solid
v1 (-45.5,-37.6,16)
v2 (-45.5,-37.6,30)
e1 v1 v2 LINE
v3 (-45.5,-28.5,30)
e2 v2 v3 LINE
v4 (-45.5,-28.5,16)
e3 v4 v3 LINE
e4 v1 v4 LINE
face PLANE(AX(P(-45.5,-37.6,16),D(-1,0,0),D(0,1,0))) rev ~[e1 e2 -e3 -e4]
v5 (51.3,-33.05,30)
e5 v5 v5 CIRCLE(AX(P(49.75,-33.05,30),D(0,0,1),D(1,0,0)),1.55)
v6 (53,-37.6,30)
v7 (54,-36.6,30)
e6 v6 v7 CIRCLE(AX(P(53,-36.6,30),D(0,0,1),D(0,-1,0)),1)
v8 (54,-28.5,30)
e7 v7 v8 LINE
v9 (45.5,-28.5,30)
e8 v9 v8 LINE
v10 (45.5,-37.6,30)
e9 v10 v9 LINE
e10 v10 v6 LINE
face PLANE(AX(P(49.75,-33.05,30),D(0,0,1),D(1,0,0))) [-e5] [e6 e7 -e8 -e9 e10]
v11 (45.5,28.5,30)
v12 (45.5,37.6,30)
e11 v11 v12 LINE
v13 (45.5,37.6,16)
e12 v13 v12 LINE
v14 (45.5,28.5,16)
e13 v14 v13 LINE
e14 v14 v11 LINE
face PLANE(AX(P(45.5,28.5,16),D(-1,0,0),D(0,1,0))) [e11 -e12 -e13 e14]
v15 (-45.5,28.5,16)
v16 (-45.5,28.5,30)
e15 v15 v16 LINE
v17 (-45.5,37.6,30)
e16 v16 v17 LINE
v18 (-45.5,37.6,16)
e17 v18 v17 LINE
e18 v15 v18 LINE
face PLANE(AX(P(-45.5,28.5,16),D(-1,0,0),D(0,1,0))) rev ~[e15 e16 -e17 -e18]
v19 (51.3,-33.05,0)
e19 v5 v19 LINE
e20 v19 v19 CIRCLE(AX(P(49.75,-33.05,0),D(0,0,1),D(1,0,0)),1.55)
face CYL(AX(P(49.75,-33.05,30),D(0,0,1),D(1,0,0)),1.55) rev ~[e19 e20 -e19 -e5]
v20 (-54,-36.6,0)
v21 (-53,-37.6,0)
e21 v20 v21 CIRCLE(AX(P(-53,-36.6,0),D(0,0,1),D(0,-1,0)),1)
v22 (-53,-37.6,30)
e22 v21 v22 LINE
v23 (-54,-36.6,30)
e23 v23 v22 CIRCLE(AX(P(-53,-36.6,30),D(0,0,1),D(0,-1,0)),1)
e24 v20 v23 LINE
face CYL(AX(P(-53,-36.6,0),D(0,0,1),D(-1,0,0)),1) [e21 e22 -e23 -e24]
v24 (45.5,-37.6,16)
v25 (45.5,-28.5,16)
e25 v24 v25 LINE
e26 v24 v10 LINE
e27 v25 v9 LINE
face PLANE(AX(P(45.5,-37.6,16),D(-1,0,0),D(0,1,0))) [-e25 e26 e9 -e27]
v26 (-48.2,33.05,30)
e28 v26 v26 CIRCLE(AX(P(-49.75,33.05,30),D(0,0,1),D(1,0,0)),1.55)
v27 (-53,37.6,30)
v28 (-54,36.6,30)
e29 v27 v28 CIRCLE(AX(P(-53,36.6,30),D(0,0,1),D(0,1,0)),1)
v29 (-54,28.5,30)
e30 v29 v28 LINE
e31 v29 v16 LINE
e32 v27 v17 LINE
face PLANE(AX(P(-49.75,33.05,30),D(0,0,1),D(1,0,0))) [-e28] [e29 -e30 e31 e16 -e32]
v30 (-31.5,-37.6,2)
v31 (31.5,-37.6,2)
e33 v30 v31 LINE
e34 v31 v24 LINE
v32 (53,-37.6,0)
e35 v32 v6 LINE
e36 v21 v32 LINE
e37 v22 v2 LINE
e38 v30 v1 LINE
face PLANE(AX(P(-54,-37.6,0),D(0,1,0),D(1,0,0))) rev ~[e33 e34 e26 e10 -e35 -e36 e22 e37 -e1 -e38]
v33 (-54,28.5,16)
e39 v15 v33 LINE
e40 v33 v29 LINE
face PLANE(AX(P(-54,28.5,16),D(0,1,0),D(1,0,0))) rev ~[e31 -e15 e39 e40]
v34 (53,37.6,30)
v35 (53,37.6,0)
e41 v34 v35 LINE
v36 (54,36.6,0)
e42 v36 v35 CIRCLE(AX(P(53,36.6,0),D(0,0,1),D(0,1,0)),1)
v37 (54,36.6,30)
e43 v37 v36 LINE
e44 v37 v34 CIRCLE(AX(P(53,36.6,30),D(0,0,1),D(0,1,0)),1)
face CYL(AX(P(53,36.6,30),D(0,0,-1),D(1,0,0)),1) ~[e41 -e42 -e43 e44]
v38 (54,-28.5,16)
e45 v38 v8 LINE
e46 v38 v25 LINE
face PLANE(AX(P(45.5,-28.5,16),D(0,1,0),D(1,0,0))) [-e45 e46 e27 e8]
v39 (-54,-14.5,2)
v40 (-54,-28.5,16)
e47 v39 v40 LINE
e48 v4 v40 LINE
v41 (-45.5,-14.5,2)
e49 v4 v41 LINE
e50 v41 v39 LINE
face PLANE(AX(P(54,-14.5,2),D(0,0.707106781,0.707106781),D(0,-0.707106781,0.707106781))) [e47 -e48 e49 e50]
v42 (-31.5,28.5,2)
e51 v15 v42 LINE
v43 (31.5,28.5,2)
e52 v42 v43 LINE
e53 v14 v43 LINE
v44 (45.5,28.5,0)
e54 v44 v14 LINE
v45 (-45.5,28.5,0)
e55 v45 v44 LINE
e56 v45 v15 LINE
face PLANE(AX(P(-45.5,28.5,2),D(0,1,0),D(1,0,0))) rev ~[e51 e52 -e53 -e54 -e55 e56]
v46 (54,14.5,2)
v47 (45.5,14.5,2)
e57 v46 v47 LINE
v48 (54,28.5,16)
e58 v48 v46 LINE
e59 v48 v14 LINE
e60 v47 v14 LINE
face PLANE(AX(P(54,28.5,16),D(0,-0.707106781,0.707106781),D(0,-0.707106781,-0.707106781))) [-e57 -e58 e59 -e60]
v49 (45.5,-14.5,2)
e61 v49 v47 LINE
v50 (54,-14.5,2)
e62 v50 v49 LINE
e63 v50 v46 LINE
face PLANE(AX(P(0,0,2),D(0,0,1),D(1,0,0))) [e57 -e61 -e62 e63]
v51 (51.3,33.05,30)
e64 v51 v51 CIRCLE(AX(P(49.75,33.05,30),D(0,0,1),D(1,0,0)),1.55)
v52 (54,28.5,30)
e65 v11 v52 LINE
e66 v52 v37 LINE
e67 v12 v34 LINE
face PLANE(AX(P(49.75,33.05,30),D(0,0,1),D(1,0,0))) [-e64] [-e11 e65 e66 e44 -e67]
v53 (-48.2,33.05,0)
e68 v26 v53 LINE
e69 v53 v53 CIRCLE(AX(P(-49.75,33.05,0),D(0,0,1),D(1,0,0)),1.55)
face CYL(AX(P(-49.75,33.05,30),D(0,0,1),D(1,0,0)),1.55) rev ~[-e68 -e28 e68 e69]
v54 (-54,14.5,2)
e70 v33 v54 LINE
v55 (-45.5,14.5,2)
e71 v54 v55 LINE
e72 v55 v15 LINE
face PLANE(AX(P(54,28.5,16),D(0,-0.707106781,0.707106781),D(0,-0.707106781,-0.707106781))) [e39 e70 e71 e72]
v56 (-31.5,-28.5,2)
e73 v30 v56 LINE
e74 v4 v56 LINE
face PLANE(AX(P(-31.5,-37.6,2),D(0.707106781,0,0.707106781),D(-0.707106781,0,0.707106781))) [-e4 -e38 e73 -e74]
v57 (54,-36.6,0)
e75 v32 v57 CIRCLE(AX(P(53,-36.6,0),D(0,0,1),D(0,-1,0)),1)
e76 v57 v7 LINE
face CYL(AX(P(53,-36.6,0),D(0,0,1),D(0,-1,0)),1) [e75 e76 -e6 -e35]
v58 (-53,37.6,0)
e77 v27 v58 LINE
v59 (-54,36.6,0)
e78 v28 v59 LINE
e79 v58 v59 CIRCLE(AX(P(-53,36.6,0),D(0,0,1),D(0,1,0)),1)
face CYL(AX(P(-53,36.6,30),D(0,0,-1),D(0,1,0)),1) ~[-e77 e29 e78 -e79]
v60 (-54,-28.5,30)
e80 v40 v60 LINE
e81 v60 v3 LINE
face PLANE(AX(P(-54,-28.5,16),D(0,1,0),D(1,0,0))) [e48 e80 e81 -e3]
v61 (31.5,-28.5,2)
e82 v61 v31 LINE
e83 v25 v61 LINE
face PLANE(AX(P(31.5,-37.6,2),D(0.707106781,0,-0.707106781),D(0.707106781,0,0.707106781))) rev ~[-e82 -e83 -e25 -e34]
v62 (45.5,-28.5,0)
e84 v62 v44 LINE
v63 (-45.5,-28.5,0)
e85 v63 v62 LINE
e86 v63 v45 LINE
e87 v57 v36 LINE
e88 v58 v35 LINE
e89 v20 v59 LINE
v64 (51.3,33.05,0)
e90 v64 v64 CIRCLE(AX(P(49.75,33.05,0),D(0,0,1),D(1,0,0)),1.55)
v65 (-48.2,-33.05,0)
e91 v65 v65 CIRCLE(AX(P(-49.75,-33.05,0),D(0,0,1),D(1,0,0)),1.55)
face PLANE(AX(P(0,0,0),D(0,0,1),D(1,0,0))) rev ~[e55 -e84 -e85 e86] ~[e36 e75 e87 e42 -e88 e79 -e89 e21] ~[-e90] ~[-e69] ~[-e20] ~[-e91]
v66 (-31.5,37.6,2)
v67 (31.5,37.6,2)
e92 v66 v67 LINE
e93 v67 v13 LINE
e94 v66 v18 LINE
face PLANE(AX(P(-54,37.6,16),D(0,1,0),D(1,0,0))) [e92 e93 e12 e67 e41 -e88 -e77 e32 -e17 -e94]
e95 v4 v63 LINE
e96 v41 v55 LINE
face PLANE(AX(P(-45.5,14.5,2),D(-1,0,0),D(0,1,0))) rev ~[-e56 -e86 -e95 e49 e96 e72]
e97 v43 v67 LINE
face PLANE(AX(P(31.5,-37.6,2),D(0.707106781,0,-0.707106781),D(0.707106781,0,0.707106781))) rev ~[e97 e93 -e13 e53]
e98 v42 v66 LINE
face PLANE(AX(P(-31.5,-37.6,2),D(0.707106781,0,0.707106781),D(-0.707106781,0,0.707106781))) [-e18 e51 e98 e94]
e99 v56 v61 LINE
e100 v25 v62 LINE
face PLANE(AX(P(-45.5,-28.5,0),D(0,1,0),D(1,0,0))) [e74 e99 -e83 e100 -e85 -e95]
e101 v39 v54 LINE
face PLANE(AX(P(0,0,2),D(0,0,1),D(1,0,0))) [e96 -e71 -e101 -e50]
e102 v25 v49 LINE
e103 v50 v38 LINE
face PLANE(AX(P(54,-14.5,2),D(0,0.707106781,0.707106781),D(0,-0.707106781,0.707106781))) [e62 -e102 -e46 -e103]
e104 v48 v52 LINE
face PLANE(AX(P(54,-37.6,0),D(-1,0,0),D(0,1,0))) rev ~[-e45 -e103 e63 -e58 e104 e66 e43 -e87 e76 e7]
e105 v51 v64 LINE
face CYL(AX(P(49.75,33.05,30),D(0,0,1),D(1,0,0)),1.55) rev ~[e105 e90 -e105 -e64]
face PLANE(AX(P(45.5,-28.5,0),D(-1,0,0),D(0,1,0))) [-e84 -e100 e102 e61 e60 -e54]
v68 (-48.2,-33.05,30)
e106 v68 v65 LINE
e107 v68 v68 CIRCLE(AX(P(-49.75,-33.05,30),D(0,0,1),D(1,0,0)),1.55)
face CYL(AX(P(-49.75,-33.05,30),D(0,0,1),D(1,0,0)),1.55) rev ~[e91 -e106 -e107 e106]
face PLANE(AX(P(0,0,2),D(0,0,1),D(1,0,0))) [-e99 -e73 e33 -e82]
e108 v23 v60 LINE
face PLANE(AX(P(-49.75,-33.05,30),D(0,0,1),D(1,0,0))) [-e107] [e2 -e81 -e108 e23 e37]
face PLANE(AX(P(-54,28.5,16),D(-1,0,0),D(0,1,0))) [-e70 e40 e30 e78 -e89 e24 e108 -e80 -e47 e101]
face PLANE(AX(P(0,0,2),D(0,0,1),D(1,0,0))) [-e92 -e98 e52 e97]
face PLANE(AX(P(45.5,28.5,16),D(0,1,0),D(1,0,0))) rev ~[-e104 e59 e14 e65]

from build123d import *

# Parameters (mm, degrees)
SKETCH_W        = 108
SKETCH_H        = 75.2
SKETCH_W_2      = 91
SKETCH_H_2      = 57
PAD_DEPTH       = 2
PAD001_DEPTH    = 14
POCKET_DEPTH    = 75.2
POCKET001_DEPTH = 108
SKETCH004_W     = 8.5
SKETCH004_H     = 9.1
PAD002_DEPTH    = 14
SKETCH005_R     = 1.55
POCKET002_DEPTH = 30
FILLET_R        = 1
FILLET001_R     = 1
FILLET002_R     = 1
FILLET003_R     = 1


with BuildPart() as part:
    # Sketch → Pad (new body)
    with BuildSketch(Plane.XY):
        Rectangle(SKETCH_W, SKETCH_H)
        Rectangle(SKETCH_W_2, SKETCH_H_2, mode=Mode.SUBTRACT)
    extrude(amount=PAD_DEPTH)

    # Sketch001 (on Face10 of Pad) → Pad001 (join)
    with BuildSketch(Plane.XY.offset(2)):
        Polygon((-54, 37.6), (-54, 14.5), (-45.5, 14.5), (-45.5, 28.5), (-31.5, 28.5), (-31.5, 37.6), align=None)
        Polygon((31.5, 37.6), (54, 37.6), (54, 14.5), (45.5, 14.5), (45.5, 28.5), (31.5, 28.5), align=None)
        Polygon((45.5, -14.5), (45.5, -28.5), (31.5, -28.5), (31.5, -37.6), (54, -37.6), (54, -14.5), align=None)
        Polygon((-31.5, -28.5), (-45.5, -28.5), (-45.5, -14.5), (-54, -14.5), (-54, -37.6), (-31.5, -37.6), align=None)
    extrude(amount=PAD001_DEPTH)

    # Sketch002 (on Face25 of Pad001) → Pocket (cut)
    with BuildSketch(Plane.XZ.offset(37.6)):
        Polygon((-45.5, 16), (-31.5, 16), (-31.5, 2), align=None)
        Polygon((31.5, 16), (31.5, 2), (45.5, 16), align=None)
    extrude(amount=-POCKET_DEPTH, mode=Mode.SUBTRACT)

    # Sketch003 (on Face14 of Pocket) → Pocket001 (cut)
    with BuildSketch(Plane.YZ.offset(54)):
        Polygon((-28.5, 16), (-14.5, 16), (-14.5, 2), align=None)
        Polygon((14.5, 2), (14.5, 16), (28.5, 16), align=None)
    extrude(amount=-POCKET001_DEPTH, mode=Mode.SUBTRACT)

    # Sketch004 (on Face26 of Pocket001) → Pad002 (join)
    with BuildSketch(Plane.XY.offset(16)):
        with Locations((-49.75, 33.05)):
            Rectangle(SKETCH004_W, SKETCH004_H)
        with Locations((49.75, 33.05)):
            Rectangle(SKETCH004_W, SKETCH004_H)
        with Locations((49.75, -33.05)):
            Rectangle(SKETCH004_W, SKETCH004_H)
        with Locations((-49.75, -33.05)):
            Rectangle(SKETCH004_W, SKETCH004_H)
    extrude(amount=PAD002_DEPTH)

    # Sketch005 (on Face51 of Pad002) → Pocket002 (cut)
    with BuildSketch(Plane.XY.offset(30)):
        with Locations((-49.75, 33.05)):
            Circle(SKETCH005_R)
        with Locations((49.75, 33.05)):
            Circle(SKETCH005_R)
        with Locations((49.75, -33.05)):
            Circle(SKETCH005_R)
        with Locations((-49.75, -33.05)):
            Circle(SKETCH005_R)
    extrude(amount=-POCKET002_DEPTH, mode=Mode.SUBTRACT)

    # Fillet
    fillet_edges = [part.edges().sort_by_distance(p)[0] for p in [
        (-54, -37.6, 23),
    ]]
    fillet(fillet_edges, radius=FILLET_R)

    # Fillet001
    fillet001_edges = [part.edges().sort_by_distance(p)[0] for p in [
        (54, -37.6, 23),
    ]]
    fillet(fillet001_edges, radius=FILLET001_R)

    # Fillet002
    fillet002_edges = [part.edges().sort_by_distance(p)[0] for p in [
        (54, 37.6, 9),
    ]]
    fillet(fillet002_edges, radius=FILLET002_R)

    # Fillet003
    fillet003_edges = [part.edges().sort_by_distance(p)[0] for p in [
        (-54, 37.6, 23),
    ]]
    fillet(fillet003_edges, radius=FILLET003_R)


solid = part.part
